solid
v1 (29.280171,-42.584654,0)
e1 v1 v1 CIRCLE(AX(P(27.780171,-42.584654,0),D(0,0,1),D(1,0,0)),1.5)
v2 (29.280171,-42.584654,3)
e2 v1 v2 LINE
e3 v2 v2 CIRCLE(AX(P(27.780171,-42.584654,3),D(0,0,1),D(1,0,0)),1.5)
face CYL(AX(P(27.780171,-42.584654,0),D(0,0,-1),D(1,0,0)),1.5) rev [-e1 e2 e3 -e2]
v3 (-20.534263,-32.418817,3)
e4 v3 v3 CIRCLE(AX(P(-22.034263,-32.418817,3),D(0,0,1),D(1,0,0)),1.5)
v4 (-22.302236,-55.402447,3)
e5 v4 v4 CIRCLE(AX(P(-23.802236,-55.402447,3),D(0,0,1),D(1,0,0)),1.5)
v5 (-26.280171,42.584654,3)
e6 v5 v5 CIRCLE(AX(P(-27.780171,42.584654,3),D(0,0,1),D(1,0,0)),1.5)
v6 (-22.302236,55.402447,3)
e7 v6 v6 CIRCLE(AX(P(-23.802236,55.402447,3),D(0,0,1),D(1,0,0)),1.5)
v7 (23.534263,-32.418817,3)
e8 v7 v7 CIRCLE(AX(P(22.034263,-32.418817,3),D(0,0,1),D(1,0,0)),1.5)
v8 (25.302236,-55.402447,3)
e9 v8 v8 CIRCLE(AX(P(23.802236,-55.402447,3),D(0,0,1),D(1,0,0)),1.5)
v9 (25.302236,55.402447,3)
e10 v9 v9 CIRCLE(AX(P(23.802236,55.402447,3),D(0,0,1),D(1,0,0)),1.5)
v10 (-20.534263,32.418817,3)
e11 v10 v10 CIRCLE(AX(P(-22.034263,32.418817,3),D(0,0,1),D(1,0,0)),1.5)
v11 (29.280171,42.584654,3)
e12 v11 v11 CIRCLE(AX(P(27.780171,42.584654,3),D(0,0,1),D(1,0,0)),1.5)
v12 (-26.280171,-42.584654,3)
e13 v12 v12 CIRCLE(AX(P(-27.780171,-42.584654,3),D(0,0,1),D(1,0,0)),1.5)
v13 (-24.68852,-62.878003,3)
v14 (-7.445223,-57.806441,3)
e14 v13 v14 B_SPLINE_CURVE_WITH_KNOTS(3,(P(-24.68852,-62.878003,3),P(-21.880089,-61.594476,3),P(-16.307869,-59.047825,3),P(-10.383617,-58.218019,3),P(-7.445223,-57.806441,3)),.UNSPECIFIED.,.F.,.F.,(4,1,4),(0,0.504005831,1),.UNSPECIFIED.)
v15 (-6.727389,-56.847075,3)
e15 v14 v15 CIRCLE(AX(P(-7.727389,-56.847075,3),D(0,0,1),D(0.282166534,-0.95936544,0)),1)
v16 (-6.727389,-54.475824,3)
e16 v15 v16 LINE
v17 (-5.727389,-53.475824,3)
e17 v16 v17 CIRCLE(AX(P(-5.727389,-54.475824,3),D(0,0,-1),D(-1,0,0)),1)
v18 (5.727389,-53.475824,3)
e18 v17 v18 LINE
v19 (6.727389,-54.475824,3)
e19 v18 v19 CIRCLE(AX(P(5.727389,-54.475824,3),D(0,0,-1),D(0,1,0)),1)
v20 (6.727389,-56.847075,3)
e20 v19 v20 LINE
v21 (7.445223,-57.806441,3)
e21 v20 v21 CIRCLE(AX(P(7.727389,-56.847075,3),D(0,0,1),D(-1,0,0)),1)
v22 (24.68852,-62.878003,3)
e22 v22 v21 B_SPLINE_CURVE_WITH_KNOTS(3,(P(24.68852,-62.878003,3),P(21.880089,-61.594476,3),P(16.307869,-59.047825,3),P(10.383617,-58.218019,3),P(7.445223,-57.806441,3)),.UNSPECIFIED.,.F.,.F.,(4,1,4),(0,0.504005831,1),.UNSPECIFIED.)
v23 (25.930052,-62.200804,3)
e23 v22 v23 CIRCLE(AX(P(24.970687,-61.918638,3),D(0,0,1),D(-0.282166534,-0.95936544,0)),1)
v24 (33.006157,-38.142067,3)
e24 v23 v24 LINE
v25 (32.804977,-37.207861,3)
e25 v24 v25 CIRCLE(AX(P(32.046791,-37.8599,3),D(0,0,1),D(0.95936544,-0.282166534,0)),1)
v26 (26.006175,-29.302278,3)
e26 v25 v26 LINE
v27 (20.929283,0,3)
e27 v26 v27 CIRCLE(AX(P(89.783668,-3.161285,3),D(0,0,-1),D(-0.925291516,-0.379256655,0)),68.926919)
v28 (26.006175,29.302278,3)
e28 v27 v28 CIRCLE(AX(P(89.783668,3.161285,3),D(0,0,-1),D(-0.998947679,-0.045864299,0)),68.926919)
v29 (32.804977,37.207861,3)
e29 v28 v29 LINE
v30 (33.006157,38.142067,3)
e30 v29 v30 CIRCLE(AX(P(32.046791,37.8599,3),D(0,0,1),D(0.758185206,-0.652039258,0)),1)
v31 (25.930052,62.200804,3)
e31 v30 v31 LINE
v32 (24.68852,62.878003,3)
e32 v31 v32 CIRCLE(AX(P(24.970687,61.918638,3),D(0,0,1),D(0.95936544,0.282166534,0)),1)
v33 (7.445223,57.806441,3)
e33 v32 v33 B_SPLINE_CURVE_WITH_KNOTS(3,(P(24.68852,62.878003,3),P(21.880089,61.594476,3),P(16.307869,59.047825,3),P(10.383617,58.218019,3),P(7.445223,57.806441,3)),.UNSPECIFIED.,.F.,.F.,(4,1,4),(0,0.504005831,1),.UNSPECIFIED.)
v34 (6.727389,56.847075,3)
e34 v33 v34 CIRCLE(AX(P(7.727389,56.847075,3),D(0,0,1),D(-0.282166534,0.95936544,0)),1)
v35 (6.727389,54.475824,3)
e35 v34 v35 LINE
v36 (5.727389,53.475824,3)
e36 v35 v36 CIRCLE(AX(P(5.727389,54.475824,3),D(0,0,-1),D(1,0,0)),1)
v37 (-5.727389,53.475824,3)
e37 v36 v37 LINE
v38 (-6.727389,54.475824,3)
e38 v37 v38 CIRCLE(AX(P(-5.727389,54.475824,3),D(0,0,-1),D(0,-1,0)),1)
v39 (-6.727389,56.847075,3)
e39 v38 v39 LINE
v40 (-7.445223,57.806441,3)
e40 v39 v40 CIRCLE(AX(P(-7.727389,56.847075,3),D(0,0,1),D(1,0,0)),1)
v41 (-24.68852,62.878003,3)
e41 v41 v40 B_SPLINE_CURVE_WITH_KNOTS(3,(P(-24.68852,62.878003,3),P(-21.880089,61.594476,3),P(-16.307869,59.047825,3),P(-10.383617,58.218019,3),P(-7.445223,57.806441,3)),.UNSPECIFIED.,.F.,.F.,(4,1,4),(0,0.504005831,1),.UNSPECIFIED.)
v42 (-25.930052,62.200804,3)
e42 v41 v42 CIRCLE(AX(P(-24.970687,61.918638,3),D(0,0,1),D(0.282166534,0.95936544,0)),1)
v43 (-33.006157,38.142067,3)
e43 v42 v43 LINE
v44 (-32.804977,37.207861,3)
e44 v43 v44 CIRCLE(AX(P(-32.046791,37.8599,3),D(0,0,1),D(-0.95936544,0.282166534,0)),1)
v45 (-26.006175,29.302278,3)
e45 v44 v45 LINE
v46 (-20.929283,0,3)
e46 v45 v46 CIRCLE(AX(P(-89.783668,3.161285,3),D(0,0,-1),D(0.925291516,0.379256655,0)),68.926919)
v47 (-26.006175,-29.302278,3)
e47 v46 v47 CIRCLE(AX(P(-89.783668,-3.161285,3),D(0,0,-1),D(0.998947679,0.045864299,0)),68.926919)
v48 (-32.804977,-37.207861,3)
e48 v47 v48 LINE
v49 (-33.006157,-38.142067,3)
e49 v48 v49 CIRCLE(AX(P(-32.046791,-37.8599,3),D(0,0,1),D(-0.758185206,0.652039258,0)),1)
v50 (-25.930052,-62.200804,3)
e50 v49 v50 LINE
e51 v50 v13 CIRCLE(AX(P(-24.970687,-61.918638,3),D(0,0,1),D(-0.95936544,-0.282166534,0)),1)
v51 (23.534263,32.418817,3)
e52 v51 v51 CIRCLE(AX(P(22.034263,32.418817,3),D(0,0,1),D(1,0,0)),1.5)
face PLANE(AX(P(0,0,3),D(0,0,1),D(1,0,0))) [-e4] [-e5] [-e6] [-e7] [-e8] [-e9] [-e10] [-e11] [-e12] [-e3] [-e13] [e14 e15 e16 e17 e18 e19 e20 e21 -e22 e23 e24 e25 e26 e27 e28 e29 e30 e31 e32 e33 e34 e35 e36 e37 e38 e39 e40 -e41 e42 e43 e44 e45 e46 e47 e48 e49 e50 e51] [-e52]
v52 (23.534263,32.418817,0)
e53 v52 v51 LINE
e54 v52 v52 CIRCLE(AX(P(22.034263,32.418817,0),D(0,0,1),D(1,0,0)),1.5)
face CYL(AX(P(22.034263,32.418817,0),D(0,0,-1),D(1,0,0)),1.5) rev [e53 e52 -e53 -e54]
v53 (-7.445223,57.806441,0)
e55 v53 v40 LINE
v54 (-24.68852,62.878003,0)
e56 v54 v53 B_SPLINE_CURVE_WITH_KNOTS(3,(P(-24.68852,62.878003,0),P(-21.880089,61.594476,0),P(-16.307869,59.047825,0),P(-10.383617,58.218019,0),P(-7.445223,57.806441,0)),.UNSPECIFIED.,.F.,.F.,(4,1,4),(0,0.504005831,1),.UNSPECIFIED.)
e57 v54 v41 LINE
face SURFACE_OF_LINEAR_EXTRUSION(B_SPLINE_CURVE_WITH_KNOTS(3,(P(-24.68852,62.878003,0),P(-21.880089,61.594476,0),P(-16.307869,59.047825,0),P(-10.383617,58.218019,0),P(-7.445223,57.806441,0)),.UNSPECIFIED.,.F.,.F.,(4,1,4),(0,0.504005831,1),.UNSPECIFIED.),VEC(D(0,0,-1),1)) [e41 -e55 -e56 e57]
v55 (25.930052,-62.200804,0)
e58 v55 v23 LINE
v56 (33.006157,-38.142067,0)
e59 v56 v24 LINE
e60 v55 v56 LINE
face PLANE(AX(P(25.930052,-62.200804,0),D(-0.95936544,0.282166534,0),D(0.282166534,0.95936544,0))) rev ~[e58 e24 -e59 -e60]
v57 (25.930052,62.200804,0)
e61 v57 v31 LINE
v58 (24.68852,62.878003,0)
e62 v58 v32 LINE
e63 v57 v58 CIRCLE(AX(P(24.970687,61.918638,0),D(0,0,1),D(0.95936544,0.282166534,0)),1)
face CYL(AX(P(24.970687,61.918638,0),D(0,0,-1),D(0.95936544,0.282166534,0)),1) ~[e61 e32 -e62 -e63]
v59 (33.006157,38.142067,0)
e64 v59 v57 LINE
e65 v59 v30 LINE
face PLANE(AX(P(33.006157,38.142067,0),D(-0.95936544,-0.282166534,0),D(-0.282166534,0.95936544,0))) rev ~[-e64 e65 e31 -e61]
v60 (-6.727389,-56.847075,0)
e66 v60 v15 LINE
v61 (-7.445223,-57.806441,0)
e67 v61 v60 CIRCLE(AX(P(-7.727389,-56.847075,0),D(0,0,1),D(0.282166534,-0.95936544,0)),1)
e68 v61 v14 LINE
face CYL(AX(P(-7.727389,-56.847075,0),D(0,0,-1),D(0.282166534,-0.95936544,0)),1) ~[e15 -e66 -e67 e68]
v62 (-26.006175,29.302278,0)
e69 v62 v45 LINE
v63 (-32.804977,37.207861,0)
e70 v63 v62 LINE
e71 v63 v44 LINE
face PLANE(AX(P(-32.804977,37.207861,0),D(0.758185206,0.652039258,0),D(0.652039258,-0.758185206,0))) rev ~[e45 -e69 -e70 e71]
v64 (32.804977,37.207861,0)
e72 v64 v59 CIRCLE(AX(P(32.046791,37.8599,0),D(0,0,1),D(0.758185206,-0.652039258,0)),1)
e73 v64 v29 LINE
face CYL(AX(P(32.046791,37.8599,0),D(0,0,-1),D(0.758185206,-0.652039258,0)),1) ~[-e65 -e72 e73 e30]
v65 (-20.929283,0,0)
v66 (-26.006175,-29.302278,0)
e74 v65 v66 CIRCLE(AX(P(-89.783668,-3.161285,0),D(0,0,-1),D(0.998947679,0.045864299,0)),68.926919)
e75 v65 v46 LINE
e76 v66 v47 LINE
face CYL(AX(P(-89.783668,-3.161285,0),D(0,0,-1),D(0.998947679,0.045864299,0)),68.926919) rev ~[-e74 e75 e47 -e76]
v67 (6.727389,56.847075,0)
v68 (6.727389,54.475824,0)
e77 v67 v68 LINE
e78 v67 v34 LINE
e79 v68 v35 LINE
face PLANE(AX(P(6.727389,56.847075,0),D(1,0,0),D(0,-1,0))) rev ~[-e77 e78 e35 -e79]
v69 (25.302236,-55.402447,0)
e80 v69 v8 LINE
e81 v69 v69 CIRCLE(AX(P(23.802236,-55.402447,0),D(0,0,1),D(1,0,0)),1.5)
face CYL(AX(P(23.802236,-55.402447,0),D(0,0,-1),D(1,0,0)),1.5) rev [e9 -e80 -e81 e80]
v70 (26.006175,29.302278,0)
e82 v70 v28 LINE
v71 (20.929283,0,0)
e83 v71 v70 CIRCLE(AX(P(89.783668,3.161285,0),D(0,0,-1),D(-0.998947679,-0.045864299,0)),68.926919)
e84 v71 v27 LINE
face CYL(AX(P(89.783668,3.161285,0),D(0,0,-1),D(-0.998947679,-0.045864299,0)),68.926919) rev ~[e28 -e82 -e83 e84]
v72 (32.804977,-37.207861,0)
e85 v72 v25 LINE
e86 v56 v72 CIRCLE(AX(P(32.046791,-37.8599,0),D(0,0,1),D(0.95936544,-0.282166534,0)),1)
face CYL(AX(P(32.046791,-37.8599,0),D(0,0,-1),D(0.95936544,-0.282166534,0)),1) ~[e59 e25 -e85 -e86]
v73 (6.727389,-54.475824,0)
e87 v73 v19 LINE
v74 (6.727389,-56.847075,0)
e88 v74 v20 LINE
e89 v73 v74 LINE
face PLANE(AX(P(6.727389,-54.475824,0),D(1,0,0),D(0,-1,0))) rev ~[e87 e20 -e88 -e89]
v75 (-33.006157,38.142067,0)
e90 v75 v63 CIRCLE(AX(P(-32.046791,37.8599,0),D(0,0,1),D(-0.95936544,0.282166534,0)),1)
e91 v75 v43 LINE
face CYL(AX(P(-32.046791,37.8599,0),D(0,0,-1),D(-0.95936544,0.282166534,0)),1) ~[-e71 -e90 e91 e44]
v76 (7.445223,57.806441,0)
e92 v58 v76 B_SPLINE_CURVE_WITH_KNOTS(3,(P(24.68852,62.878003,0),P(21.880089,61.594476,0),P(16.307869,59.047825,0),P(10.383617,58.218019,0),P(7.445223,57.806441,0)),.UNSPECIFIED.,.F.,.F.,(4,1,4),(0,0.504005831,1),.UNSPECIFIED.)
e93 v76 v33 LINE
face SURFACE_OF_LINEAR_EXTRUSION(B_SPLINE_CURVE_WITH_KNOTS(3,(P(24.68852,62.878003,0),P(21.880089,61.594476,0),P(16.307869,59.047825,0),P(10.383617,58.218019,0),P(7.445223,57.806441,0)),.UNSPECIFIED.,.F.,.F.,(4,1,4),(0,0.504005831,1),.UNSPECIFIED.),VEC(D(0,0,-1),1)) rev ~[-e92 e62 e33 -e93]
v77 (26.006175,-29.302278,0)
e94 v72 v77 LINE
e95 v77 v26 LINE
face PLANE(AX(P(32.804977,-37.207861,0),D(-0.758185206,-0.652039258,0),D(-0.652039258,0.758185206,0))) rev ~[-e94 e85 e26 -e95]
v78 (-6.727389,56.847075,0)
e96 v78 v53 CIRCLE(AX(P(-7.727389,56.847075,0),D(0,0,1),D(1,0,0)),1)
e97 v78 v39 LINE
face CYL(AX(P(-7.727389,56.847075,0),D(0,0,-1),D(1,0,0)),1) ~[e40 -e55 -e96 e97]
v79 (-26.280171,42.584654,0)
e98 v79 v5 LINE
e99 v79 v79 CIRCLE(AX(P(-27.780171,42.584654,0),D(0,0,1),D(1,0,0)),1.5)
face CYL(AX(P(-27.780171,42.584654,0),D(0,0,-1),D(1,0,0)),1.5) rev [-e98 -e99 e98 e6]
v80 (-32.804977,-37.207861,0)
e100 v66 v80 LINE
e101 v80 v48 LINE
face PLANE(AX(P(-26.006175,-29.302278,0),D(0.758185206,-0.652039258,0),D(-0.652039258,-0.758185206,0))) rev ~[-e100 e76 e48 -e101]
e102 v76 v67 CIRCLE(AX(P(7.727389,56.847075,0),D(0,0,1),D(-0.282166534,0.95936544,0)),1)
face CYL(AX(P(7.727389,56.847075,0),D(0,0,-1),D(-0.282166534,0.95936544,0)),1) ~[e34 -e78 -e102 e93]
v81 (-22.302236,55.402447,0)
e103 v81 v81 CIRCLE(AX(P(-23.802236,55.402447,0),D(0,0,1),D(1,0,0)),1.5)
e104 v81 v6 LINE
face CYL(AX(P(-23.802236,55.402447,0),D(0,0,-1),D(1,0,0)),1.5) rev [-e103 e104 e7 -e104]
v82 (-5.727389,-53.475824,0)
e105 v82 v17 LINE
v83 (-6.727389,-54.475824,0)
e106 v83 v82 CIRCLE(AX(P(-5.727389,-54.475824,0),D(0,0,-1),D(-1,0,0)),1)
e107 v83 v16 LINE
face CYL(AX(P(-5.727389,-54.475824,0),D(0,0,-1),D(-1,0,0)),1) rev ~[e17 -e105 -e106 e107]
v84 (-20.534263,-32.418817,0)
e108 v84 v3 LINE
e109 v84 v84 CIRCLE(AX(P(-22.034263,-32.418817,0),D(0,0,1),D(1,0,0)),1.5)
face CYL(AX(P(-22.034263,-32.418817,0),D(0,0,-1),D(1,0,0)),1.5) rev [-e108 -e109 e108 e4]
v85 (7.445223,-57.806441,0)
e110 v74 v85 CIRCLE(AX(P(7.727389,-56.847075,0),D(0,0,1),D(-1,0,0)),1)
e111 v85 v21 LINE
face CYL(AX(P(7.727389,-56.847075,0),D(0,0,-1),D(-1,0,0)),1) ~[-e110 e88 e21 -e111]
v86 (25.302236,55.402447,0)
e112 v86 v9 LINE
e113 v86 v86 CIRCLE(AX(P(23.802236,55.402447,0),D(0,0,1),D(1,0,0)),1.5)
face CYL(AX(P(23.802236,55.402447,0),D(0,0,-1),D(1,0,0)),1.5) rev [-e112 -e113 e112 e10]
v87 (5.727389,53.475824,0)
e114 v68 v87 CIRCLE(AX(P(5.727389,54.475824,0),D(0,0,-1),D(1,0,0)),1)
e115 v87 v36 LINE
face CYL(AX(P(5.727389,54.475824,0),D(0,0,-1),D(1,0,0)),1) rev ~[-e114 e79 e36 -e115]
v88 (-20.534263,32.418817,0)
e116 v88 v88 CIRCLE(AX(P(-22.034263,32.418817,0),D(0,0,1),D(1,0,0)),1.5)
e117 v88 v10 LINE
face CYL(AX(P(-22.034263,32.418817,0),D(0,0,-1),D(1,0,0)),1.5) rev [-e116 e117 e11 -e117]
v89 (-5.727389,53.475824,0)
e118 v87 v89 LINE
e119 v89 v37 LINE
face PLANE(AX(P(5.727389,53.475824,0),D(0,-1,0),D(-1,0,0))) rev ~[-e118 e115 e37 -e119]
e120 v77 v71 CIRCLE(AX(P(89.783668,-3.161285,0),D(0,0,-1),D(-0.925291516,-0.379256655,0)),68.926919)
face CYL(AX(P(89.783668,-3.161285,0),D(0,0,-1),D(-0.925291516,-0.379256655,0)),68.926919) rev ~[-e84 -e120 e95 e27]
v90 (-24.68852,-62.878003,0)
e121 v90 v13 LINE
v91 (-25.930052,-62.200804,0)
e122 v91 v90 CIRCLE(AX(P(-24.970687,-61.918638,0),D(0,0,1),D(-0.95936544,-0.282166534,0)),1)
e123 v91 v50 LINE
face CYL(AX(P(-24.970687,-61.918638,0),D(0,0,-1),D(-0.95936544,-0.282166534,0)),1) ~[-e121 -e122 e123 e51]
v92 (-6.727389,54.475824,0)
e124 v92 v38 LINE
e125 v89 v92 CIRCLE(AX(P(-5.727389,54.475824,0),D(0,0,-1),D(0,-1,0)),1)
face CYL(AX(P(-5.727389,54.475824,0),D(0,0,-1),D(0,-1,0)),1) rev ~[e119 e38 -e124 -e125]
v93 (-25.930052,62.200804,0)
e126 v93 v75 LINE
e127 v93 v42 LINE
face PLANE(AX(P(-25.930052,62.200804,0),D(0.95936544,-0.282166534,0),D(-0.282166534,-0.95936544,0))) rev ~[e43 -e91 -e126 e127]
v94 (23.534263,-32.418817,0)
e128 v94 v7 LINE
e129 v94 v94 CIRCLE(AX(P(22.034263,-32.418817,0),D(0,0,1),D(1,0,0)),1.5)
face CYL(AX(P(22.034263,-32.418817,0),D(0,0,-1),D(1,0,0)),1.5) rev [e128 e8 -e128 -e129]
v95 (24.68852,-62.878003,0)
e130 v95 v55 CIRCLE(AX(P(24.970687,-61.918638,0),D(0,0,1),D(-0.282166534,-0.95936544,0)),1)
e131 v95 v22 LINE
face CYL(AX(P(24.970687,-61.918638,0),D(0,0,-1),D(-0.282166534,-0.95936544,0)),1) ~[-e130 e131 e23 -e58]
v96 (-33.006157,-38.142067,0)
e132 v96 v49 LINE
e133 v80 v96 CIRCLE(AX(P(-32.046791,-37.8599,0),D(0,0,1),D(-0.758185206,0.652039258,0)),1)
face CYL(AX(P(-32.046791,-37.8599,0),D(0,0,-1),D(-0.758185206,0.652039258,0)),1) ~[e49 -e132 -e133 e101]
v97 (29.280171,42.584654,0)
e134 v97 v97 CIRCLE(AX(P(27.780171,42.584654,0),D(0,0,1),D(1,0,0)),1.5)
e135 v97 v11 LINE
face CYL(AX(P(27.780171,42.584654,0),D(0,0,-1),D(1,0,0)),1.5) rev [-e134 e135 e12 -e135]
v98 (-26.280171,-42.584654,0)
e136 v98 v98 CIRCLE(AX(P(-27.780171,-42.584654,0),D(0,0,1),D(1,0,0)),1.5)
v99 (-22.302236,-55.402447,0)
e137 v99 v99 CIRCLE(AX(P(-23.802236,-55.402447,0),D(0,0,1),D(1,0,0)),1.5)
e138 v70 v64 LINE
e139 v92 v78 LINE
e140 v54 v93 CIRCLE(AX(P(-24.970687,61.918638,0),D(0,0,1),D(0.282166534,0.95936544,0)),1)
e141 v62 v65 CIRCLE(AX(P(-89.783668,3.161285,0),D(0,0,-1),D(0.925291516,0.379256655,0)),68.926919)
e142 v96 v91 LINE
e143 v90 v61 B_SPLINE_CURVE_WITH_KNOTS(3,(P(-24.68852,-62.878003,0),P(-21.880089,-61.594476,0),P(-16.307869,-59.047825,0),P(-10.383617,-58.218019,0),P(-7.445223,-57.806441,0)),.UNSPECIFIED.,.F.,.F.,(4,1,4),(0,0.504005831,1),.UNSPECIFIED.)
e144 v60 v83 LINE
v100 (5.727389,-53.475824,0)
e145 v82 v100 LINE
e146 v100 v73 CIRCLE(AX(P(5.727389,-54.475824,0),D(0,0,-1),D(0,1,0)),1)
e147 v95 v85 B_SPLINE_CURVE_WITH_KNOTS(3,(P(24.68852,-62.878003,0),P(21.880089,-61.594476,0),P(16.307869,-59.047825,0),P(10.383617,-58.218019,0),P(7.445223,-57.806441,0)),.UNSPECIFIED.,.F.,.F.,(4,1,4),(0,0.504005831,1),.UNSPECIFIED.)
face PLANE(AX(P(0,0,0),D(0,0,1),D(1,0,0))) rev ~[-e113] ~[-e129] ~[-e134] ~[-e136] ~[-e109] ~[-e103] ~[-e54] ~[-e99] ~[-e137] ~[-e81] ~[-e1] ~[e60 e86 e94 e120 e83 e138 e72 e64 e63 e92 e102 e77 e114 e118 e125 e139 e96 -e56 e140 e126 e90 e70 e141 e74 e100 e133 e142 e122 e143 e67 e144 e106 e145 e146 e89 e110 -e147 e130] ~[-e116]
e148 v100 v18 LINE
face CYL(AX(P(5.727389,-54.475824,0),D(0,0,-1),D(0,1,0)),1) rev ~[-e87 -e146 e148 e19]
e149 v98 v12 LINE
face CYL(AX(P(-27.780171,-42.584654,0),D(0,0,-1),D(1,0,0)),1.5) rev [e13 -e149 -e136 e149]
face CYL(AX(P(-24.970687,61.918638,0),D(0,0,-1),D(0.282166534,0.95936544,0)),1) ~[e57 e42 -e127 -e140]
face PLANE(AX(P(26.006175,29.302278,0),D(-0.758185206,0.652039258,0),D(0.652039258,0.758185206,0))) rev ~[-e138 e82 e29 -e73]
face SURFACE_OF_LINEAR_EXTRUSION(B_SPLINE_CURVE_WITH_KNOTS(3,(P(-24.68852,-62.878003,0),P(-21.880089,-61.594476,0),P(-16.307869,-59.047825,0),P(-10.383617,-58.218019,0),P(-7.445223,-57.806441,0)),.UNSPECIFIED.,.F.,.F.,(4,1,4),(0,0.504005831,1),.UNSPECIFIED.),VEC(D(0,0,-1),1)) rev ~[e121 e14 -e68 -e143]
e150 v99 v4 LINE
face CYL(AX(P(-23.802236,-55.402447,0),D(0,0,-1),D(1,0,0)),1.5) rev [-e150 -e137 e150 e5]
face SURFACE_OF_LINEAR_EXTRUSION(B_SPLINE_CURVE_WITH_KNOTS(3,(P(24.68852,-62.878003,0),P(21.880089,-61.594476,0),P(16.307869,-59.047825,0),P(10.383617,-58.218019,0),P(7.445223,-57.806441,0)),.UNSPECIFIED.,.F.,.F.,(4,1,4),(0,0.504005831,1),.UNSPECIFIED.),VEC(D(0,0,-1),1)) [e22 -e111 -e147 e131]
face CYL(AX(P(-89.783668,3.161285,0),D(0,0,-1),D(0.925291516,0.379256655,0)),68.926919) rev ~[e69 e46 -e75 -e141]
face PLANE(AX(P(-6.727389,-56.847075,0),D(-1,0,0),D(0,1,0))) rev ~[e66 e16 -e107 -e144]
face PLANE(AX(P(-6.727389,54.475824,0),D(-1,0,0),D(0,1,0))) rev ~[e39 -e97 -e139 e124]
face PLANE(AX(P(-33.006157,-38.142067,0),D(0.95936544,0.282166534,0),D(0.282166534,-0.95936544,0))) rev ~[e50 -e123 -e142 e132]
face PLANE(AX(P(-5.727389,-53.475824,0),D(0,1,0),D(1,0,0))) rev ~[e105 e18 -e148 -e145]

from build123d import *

# Parameters (mm, degrees)
F0_R     = 1.5
F1_DEPTH = 3


with BuildPart() as f1:
    # F0 (on Top) → F1 (new body)
    with BuildSketch(Plane.XY):
        with BuildLine():
            Line((5.7273890649, 53.4758238342), (0, 53.4758238342))
            Line((0, 53.4758238342), (-5.7273890649, 53.4758238342))
            ThreePointArc((-5.7273890649, 53.4758238342), (-6.4344958461, 53.768717053), (-6.7273890649, 54.4758238342))
            Line((-6.7273890649, 54.4758238342), (-6.7273890649, 56.8470753243))
            ThreePointArc((-6.7273890649, 56.8470753243), (-6.9267123093, 57.4461719217), (-7.4452225311, 57.8064407641))
            add(Edge.make_bspline(
                [(-24.6885200078, 62.878002944), (-21.8800887349, 61.5944759075), (-16.3078689335, 59.047824744), (-10.3836169627, 58.2180193839), (-7.4452225311, 57.8064407641)],
                knots=[0, 0, 0, 0, 0.5040058313, 1, 1, 1, 1], degree=3))
            ThreePointArc((-24.6885200078, 62.878002944), (-25.4495384803, 62.7965331818), (-25.9300519815, 62.200804038))
            Line((-25.9300519815, 62.200804038), (-33.0061568565, 38.1420669059))
            ThreePointArc((-33.0061568565, 38.1420669059), (-33.0243803744, 37.6493776189), (-32.8049766224, 37.2078611143))
            Line((-32.8049766224, 37.2078611143), (-26.0061749385, 29.3022775285))
            ThreePointArc((-26.0061749385, 29.3022775285), (-21.8685763997, 14.9282067956), (-20.9292825311, 0))
            ThreePointArc((-20.9292825311, 0), (-21.8685763997, -14.9282067956), (-26.0061749385, -29.3022775285))
            Line((-26.0061749385, -29.3022775285), (-32.8049766224, -37.2078611143))
            ThreePointArc((-32.8049766224, -37.2078611143), (-33.0243803744, -37.6493776189), (-33.0061568565, -38.1420669059))
            Line((-33.0061568565, -38.1420669059), (-25.9300519815, -62.200804038))
            ThreePointArc((-25.9300519815, -62.200804038), (-25.4495384803, -62.7965331818), (-24.6885200078, -62.878002944))
            add(Edge.make_bspline(
                [(-24.6885200078, -62.878002944), (-21.8800887349, -61.5944759075), (-16.3078689335, -59.047824744), (-10.3836169627, -58.2180193839), (-7.4452225311, -57.8064407641)],
                knots=[0, 0, 0, 0, 0.5040058313, 1, 1, 1, 1], degree=3))
            ThreePointArc((-7.4452225311, -57.8064407641), (-6.9267123093, -57.4461719217), (-6.7273890649, -56.8470753243))
            Line((-6.7273890649, -56.8470753243), (-6.7273890649, -54.4758238342))
            ThreePointArc((-6.7273890649, -54.4758238342), (-6.4344958461, -53.768717053), (-5.7273890649, -53.4758238342))
            Line((-5.7273890649, -53.4758238342), (0, -53.4758238342))
            Line((0, -53.4758238342), (5.7273890649, -53.4758238342))
            ThreePointArc((5.7273890649, -53.4758238342), (6.4344958461, -53.768717053), (6.7273890649, -54.4758238342))
            Line((6.7273890649, -54.4758238342), (6.7273890649, -56.8470753243))
            ThreePointArc((6.7273890649, -56.8470753243), (6.9267123093, -57.4461719217), (7.4452225311, -57.8064407641))
            add(Edge.make_bspline(
                [(24.6885200078, -62.878002944), (21.8800887349, -61.5944759075), (16.3078689335, -59.047824744), (10.3836169627, -58.2180193839), (7.4452225311, -57.8064407641)],
                knots=[0, 0, 0, 0, 0.5040058313, 1, 1, 1, 1], degree=3))
            ThreePointArc((24.6885200078, -62.878002944), (25.4495384803, -62.7965331818), (25.9300519815, -62.200804038))
            Line((25.9300519815, -62.200804038), (33.0061568565, -38.1420669059))
            ThreePointArc((33.0061568565, -38.1420669059), (33.0243803744, -37.6493776189), (32.8049766224, -37.2078611143))
            Line((32.8049766224, -37.2078611143), (26.0061749385, -29.3022775285))
            ThreePointArc((26.0061749385, -29.3022775285), (21.8685763997, -14.9282067956), (20.9292825311, 0))
            ThreePointArc((20.9292825311, 0), (21.8685763997, 14.9282067956), (26.0061749385, 29.3022775285))
            Line((26.0061749385, 29.3022775285), (32.8049766224, 37.2078611143))
            ThreePointArc((32.8049766224, 37.2078611143), (33.0243803744, 37.6493776189), (33.0061568565, 38.1420669059))
            Line((33.0061568565, 38.1420669059), (25.9300519815, 62.200804038))
            ThreePointArc((25.9300519815, 62.200804038), (25.4495384803, 62.7965331818), (24.6885200078, 62.878002944))
            add(Edge.make_bspline(
                [(24.6885200078, 62.878002944), (21.8800887349, 61.5944759075), (16.3078689335, 59.047824744), (10.3836169627, 58.2180193839), (7.4452225311, 57.8064407641)],
                knots=[0, 0, 0, 0, 0.5040058313, 1, 1, 1, 1], degree=3))
            ThreePointArc((7.4452225311, 57.8064407641), (6.9267123093, 57.4461719217), (6.7273890649, 56.8470753243))
            Line((6.7273890649, 56.8470753243), (6.7273890649, 54.4758238342))
            ThreePointArc((6.7273890649, 54.4758238342), (6.4344958461, 53.768717053), (5.7273890649, 53.4758238342))
        make_face()
        with Locations((-23.8022357225, -55.4024465382)):
            Circle(F0_R, mode=Mode.SUBTRACT)
        with Locations((-27.7801714838, -42.5846539438)):
            Circle(F0_R, mode=Mode.SUBTRACT)
        with Locations((-22.0342632383, -32.4188172817)):
            Circle(F0_R, mode=Mode.SUBTRACT)
        with Locations((23.8022357225, -55.4024465382)):
            Circle(F0_R, mode=Mode.SUBTRACT)
        with Locations((22.0342632383, -32.4188172817)):
            Circle(F0_R, mode=Mode.SUBTRACT)
        with Locations((27.7801714838, -42.5846539438)):
            Circle(F0_R, mode=Mode.SUBTRACT)
        with Locations((-27.7801714838, 42.5846539438)):
            Circle(F0_R, mode=Mode.SUBTRACT)
        with Locations((-22.0342632383, 32.4188172817)):
            Circle(F0_R, mode=Mode.SUBTRACT)
        with Locations((-23.8022357225, 55.4024465382)):
            Circle(F0_R, mode=Mode.SUBTRACT)
        with Locations((22.0342632383, 32.4188172817)):
            Circle(F0_R, mode=Mode.SUBTRACT)
        with Locations((27.7801714838, 42.5846539438)):
            Circle(F0_R, mode=Mode.SUBTRACT)
        with Locations((23.8022357225, 55.4024465382)):
            Circle(F0_R, mode=Mode.SUBTRACT)
    extrude(amount=F1_DEPTH)


solid = f1.part
